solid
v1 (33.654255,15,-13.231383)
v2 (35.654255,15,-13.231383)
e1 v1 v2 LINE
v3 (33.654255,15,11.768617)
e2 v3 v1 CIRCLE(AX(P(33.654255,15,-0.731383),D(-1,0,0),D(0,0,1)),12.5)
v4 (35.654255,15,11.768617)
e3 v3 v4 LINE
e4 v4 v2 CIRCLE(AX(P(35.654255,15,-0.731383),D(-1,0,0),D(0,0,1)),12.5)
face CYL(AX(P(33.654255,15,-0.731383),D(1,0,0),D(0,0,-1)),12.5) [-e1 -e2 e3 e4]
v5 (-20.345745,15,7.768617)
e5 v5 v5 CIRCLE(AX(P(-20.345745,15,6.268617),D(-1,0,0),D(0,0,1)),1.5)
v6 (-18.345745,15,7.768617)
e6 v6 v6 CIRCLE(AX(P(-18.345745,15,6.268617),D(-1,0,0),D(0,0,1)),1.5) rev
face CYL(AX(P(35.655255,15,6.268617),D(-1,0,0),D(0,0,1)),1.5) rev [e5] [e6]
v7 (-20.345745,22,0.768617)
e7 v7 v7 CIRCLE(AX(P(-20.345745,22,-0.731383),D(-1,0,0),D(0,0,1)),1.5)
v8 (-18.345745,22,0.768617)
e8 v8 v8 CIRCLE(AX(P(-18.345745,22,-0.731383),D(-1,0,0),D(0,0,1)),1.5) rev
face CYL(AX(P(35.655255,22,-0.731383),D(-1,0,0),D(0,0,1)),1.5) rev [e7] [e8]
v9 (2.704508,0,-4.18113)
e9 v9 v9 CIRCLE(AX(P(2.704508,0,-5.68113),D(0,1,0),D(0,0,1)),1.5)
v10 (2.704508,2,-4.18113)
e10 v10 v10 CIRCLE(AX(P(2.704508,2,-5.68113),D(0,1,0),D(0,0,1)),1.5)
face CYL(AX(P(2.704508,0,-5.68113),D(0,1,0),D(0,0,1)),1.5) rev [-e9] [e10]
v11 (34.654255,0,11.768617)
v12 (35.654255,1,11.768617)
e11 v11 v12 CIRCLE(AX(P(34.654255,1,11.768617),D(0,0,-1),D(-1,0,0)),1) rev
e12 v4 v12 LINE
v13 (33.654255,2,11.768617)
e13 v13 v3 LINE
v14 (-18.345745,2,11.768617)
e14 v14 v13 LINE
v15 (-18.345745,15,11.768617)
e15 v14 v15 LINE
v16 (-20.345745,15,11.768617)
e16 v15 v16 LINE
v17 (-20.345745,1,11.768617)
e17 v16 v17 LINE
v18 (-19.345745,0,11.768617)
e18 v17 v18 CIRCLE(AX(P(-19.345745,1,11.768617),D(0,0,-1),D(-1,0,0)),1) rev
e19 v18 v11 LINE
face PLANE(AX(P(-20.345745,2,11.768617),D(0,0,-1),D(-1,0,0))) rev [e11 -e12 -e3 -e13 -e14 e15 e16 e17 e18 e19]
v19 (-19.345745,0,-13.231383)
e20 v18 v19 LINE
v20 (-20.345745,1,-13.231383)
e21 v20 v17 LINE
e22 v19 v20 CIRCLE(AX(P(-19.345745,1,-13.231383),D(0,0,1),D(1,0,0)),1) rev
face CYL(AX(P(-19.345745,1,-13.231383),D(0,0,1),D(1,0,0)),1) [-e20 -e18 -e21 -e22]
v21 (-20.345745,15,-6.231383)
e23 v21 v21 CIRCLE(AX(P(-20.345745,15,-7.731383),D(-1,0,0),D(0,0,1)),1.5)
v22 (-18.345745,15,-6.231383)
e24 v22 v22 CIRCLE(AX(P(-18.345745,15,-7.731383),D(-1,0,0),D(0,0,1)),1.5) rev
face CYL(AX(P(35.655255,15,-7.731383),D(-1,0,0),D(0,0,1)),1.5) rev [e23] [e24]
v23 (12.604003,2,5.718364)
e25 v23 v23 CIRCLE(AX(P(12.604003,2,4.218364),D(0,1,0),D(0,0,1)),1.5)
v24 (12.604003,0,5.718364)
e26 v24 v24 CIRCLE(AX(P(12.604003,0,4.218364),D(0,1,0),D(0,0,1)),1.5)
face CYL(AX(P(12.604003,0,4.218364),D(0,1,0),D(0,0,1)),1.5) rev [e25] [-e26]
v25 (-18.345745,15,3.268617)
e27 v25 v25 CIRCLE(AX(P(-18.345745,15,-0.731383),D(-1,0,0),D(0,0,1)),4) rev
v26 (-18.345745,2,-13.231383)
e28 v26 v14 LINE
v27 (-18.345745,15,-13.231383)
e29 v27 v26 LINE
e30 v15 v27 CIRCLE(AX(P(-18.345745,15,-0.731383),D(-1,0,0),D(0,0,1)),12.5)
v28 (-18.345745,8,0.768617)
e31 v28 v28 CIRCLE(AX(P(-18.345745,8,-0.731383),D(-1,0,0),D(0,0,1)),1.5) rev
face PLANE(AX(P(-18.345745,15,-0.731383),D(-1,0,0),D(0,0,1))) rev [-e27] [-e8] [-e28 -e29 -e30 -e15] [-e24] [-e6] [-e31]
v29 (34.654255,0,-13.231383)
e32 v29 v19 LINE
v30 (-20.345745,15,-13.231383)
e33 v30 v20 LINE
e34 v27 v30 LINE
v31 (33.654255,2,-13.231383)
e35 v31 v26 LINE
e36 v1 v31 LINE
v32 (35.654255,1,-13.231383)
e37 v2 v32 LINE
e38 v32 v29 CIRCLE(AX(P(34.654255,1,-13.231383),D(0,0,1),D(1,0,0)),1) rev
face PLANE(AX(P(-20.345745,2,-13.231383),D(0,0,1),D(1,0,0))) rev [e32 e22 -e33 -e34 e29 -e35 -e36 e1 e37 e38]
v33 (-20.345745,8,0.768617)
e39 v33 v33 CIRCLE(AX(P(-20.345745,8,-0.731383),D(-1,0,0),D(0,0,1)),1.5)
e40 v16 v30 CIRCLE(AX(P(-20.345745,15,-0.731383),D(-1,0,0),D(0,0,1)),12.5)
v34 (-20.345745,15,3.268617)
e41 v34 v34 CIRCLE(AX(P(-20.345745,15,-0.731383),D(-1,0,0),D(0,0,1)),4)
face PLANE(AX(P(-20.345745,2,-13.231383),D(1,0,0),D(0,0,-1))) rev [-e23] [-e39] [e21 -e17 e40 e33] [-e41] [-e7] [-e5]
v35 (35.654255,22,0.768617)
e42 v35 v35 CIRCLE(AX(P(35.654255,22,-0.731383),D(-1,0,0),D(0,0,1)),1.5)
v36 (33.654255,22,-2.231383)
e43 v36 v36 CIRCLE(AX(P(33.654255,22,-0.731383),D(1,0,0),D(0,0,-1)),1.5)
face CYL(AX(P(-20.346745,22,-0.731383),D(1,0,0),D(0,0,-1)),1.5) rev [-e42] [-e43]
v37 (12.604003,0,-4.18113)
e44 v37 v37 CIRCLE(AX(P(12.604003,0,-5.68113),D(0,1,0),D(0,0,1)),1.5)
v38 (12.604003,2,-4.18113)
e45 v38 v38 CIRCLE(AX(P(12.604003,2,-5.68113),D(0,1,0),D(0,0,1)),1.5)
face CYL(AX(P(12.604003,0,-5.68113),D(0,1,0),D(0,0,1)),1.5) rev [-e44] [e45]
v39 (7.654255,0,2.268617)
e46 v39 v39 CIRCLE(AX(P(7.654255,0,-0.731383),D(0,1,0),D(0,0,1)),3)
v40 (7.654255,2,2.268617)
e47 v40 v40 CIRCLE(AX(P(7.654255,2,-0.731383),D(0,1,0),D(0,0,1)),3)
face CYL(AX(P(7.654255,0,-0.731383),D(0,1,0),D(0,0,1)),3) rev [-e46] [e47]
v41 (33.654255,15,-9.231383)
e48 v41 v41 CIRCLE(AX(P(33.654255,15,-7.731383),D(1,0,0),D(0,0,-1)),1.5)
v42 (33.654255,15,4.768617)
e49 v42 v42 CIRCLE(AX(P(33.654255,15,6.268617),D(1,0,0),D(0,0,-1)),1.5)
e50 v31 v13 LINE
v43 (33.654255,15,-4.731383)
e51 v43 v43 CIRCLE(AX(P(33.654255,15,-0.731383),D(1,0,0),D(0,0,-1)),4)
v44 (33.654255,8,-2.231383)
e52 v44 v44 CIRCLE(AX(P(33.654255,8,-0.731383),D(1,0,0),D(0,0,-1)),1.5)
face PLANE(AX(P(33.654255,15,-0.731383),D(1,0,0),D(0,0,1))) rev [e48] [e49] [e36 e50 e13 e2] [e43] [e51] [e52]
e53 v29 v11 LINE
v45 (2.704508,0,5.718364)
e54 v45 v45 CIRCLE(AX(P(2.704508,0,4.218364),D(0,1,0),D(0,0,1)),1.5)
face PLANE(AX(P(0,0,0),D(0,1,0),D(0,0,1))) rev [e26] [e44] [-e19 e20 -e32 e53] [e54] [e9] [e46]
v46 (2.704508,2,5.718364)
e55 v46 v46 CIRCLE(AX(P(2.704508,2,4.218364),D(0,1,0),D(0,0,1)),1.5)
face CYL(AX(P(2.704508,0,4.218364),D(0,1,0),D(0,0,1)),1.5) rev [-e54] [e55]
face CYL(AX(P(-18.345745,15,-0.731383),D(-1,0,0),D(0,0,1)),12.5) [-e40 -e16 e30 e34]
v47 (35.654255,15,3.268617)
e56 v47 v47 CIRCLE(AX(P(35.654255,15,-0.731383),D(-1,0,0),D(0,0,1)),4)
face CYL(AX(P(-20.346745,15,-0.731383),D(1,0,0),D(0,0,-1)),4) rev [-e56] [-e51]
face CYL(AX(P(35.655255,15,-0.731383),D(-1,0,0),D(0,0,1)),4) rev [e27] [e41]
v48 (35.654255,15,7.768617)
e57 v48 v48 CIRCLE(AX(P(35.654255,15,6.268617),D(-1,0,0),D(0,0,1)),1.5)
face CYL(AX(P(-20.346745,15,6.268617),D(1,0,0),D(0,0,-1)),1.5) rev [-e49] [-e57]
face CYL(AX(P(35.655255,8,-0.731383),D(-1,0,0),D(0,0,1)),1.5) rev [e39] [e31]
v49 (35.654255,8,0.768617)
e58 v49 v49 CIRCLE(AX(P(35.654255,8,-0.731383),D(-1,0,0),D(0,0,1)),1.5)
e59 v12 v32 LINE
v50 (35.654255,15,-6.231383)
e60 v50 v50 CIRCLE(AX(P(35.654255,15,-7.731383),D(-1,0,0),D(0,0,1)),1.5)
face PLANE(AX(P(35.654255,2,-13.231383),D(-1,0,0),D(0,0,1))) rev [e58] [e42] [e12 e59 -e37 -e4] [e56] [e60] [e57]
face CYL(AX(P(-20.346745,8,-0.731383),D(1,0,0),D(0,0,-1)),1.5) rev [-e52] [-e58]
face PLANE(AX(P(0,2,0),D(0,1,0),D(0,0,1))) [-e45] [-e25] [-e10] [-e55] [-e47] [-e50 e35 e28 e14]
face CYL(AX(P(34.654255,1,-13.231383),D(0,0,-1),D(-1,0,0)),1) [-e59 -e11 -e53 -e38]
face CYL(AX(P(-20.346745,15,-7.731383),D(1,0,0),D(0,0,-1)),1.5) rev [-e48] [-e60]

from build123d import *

# Parameters (mm, degrees)
SKETCH_1_W          = 56
SKETCH_1_H          = 25
EXTRUDE_1_DEPTH     = 2
SKETCH_2_R          = 3
SKETCH_2_R_2        = 1.5
CUT_EXTRUDE_1_DEPTH = 39.082744359
EXTRUDE_2_DEPTH     = 2
CUT_EXTRUDE_2_REACH = 65.776
SKETCH_4_R          = 4
SKETCH_4_R_2        = 1.5
FILLET_1_R          = 1


with BuildPart() as part:
    # 草图1 → 凸台-拉伸1 (new body)
    with BuildSketch(Plane(origin=(0, 0, 0), x_dir=(1, 0, 0), z_dir=(0, 1, 0))):
        with Locations((7.654255319, 0.731382979)):
            Rectangle(SKETCH_1_W, SKETCH_1_H)
    extrude(amount=EXTRUDE_1_DEPTH)

    # 草图2 → 切除-拉伸1 (cut, through all)
    with BuildSketch(Plane(origin=(0, 2, 0), x_dir=(1, 0, 0), z_dir=(0, 1, 0))):
        with Locations(Location((7.654255319, 0.731382979, 0), (0, 0, 270))):
            Circle(SKETCH_2_R)
        with Locations(Location((12.604002787, 5.681130447, 0), (0, 0, 270))):
            Circle(SKETCH_2_R_2)
        with Locations(Location((2.704507851, 5.681130447, 0), (0, 0, 270))):
            Circle(SKETCH_2_R_2)
        with Locations(Location((12.604002787, -4.21836449, 0), (0, 0, 270))):
            Circle(SKETCH_2_R_2)
        with Locations(Location((2.704507851, -4.21836449, 0), (0, 0, 270))):
            Circle(SKETCH_2_R_2)
    extrude(amount=-CUT_EXTRUDE_1_DEPTH, mode=Mode.SUBTRACT)

    # 草图3 → 凸台-拉伸2 (add)
    with BuildSketch(Plane.ZY.offset(20.345744681)):
        with BuildLine():
            Line((-13.231382979, 15), (-13.231382979, 2))
            Line((-13.231382979, 2), (11.768617021, 2))
            Line((11.768617021, 2), (11.768617021, 15))
            ThreePointArc((11.768617021, 15), (-0.731382979, 27.5), (-13.231382979, 15))
        make_face()
    extrude_2 = extrude(amount=-EXTRUDE_2_DEPTH)

    # 草图4 → 切除-拉伸2 (cut, up to next)
    with BuildSketch(Plane.ZY.offset(20.345744681), mode=Mode.PRIVATE) as cut_extrude_2_sk1:
        with Locations((-0.731382979, 15)):
            Circle(SKETCH_4_R)
    cut_extrude_2_tool1 = extrude(cut_extrude_2_sk1.sketch, amount=-CUT_EXTRUDE_2_REACH, mode=Mode.PRIVATE) & part.part
    # 草图4 → 切除-拉伸2 (cut, up to next)
    with BuildSketch(Plane.ZY.offset(20.345744681), mode=Mode.PRIVATE) as cut_extrude_2_sk2:
        with Locations((-0.731382979, 22)):
            Circle(SKETCH_4_R_2)
    cut_extrude_2_tool2 = extrude(cut_extrude_2_sk2.sketch, amount=-CUT_EXTRUDE_2_REACH, mode=Mode.PRIVATE) & part.part
    # 草图4 → 切除-拉伸2 (cut, up to next)
    with BuildSketch(Plane.ZY.offset(20.345744681), mode=Mode.PRIVATE) as cut_extrude_2_sk3:
        with Locations((6.268617021, 15)):
            Circle(SKETCH_4_R_2)
    cut_extrude_2_tool3 = extrude(cut_extrude_2_sk3.sketch, amount=-CUT_EXTRUDE_2_REACH, mode=Mode.PRIVATE) & part.part
    # 草图4 → 切除-拉伸2 (cut, up to next)
    with BuildSketch(Plane.ZY.offset(20.345744681), mode=Mode.PRIVATE) as cut_extrude_2_sk4:
        with Locations((-0.731382979, 8)):
            Circle(SKETCH_4_R_2)
    cut_extrude_2_tool4 = extrude(cut_extrude_2_sk4.sketch, amount=-CUT_EXTRUDE_2_REACH, mode=Mode.PRIVATE) & part.part
    # 草图4 → 切除-拉伸2 (cut, up to next)
    with BuildSketch(Plane.ZY.offset(20.345744681), mode=Mode.PRIVATE) as cut_extrude_2_sk5:
        with Locations((-7.731382979, 15)):
            Circle(SKETCH_4_R_2)
    cut_extrude_2_tool5 = extrude(cut_extrude_2_sk5.sketch, amount=-CUT_EXTRUDE_2_REACH, mode=Mode.PRIVATE) & part.part
    cut_extrude_2_1 = cut_extrude_2_tool1.solids().sort_by_distance((-20.345745, 15, -0.731383))[0]
    add(cut_extrude_2_1, mode=Mode.SUBTRACT)
    cut_extrude_2_2 = cut_extrude_2_tool2.solids().sort_by_distance((-20.345745, 22, -0.731383))[0]
    add(cut_extrude_2_2, mode=Mode.SUBTRACT)
    cut_extrude_2_3 = cut_extrude_2_tool3.solids().sort_by_distance((-20.345745, 15, 6.268617))[0]
    add(cut_extrude_2_3, mode=Mode.SUBTRACT)
    cut_extrude_2_4 = cut_extrude_2_tool4.solids().sort_by_distance((-20.345745, 8, -0.731383))[0]
    add(cut_extrude_2_4, mode=Mode.SUBTRACT)
    cut_extrude_2_5 = cut_extrude_2_tool5.solids().sort_by_distance((-20.345745, 15, -7.731383))[0]
    add(cut_extrude_2_5, mode=Mode.SUBTRACT)
    cut_extrude_2 = cut_extrude_2_1 + cut_extrude_2_2 + cut_extrude_2_3 + cut_extrude_2_4 + cut_extrude_2_5  # 切除-拉伸2 as one shape, for the pattern or mirror that repeats it

    # 镜向1: 凸台-拉伸2, 切除-拉伸2 across plane
    add(extrude_2.mirror(Plane.ZY.offset(-7.654255319)))
    add(cut_extrude_2.mirror(Plane.ZY.offset(-7.654255319)), mode=Mode.SUBTRACT)

    # 圆角1
    fillet_1_edges = [part.edges().sort_by_distance(p)[0] for p in [
        (35.654255319, 0, -0.731382979),
        (-20.345744681, 0, -0.731382979),
    ]]
    fillet(fillet_1_edges, radius=FILLET_1_R)


solid = part.part
